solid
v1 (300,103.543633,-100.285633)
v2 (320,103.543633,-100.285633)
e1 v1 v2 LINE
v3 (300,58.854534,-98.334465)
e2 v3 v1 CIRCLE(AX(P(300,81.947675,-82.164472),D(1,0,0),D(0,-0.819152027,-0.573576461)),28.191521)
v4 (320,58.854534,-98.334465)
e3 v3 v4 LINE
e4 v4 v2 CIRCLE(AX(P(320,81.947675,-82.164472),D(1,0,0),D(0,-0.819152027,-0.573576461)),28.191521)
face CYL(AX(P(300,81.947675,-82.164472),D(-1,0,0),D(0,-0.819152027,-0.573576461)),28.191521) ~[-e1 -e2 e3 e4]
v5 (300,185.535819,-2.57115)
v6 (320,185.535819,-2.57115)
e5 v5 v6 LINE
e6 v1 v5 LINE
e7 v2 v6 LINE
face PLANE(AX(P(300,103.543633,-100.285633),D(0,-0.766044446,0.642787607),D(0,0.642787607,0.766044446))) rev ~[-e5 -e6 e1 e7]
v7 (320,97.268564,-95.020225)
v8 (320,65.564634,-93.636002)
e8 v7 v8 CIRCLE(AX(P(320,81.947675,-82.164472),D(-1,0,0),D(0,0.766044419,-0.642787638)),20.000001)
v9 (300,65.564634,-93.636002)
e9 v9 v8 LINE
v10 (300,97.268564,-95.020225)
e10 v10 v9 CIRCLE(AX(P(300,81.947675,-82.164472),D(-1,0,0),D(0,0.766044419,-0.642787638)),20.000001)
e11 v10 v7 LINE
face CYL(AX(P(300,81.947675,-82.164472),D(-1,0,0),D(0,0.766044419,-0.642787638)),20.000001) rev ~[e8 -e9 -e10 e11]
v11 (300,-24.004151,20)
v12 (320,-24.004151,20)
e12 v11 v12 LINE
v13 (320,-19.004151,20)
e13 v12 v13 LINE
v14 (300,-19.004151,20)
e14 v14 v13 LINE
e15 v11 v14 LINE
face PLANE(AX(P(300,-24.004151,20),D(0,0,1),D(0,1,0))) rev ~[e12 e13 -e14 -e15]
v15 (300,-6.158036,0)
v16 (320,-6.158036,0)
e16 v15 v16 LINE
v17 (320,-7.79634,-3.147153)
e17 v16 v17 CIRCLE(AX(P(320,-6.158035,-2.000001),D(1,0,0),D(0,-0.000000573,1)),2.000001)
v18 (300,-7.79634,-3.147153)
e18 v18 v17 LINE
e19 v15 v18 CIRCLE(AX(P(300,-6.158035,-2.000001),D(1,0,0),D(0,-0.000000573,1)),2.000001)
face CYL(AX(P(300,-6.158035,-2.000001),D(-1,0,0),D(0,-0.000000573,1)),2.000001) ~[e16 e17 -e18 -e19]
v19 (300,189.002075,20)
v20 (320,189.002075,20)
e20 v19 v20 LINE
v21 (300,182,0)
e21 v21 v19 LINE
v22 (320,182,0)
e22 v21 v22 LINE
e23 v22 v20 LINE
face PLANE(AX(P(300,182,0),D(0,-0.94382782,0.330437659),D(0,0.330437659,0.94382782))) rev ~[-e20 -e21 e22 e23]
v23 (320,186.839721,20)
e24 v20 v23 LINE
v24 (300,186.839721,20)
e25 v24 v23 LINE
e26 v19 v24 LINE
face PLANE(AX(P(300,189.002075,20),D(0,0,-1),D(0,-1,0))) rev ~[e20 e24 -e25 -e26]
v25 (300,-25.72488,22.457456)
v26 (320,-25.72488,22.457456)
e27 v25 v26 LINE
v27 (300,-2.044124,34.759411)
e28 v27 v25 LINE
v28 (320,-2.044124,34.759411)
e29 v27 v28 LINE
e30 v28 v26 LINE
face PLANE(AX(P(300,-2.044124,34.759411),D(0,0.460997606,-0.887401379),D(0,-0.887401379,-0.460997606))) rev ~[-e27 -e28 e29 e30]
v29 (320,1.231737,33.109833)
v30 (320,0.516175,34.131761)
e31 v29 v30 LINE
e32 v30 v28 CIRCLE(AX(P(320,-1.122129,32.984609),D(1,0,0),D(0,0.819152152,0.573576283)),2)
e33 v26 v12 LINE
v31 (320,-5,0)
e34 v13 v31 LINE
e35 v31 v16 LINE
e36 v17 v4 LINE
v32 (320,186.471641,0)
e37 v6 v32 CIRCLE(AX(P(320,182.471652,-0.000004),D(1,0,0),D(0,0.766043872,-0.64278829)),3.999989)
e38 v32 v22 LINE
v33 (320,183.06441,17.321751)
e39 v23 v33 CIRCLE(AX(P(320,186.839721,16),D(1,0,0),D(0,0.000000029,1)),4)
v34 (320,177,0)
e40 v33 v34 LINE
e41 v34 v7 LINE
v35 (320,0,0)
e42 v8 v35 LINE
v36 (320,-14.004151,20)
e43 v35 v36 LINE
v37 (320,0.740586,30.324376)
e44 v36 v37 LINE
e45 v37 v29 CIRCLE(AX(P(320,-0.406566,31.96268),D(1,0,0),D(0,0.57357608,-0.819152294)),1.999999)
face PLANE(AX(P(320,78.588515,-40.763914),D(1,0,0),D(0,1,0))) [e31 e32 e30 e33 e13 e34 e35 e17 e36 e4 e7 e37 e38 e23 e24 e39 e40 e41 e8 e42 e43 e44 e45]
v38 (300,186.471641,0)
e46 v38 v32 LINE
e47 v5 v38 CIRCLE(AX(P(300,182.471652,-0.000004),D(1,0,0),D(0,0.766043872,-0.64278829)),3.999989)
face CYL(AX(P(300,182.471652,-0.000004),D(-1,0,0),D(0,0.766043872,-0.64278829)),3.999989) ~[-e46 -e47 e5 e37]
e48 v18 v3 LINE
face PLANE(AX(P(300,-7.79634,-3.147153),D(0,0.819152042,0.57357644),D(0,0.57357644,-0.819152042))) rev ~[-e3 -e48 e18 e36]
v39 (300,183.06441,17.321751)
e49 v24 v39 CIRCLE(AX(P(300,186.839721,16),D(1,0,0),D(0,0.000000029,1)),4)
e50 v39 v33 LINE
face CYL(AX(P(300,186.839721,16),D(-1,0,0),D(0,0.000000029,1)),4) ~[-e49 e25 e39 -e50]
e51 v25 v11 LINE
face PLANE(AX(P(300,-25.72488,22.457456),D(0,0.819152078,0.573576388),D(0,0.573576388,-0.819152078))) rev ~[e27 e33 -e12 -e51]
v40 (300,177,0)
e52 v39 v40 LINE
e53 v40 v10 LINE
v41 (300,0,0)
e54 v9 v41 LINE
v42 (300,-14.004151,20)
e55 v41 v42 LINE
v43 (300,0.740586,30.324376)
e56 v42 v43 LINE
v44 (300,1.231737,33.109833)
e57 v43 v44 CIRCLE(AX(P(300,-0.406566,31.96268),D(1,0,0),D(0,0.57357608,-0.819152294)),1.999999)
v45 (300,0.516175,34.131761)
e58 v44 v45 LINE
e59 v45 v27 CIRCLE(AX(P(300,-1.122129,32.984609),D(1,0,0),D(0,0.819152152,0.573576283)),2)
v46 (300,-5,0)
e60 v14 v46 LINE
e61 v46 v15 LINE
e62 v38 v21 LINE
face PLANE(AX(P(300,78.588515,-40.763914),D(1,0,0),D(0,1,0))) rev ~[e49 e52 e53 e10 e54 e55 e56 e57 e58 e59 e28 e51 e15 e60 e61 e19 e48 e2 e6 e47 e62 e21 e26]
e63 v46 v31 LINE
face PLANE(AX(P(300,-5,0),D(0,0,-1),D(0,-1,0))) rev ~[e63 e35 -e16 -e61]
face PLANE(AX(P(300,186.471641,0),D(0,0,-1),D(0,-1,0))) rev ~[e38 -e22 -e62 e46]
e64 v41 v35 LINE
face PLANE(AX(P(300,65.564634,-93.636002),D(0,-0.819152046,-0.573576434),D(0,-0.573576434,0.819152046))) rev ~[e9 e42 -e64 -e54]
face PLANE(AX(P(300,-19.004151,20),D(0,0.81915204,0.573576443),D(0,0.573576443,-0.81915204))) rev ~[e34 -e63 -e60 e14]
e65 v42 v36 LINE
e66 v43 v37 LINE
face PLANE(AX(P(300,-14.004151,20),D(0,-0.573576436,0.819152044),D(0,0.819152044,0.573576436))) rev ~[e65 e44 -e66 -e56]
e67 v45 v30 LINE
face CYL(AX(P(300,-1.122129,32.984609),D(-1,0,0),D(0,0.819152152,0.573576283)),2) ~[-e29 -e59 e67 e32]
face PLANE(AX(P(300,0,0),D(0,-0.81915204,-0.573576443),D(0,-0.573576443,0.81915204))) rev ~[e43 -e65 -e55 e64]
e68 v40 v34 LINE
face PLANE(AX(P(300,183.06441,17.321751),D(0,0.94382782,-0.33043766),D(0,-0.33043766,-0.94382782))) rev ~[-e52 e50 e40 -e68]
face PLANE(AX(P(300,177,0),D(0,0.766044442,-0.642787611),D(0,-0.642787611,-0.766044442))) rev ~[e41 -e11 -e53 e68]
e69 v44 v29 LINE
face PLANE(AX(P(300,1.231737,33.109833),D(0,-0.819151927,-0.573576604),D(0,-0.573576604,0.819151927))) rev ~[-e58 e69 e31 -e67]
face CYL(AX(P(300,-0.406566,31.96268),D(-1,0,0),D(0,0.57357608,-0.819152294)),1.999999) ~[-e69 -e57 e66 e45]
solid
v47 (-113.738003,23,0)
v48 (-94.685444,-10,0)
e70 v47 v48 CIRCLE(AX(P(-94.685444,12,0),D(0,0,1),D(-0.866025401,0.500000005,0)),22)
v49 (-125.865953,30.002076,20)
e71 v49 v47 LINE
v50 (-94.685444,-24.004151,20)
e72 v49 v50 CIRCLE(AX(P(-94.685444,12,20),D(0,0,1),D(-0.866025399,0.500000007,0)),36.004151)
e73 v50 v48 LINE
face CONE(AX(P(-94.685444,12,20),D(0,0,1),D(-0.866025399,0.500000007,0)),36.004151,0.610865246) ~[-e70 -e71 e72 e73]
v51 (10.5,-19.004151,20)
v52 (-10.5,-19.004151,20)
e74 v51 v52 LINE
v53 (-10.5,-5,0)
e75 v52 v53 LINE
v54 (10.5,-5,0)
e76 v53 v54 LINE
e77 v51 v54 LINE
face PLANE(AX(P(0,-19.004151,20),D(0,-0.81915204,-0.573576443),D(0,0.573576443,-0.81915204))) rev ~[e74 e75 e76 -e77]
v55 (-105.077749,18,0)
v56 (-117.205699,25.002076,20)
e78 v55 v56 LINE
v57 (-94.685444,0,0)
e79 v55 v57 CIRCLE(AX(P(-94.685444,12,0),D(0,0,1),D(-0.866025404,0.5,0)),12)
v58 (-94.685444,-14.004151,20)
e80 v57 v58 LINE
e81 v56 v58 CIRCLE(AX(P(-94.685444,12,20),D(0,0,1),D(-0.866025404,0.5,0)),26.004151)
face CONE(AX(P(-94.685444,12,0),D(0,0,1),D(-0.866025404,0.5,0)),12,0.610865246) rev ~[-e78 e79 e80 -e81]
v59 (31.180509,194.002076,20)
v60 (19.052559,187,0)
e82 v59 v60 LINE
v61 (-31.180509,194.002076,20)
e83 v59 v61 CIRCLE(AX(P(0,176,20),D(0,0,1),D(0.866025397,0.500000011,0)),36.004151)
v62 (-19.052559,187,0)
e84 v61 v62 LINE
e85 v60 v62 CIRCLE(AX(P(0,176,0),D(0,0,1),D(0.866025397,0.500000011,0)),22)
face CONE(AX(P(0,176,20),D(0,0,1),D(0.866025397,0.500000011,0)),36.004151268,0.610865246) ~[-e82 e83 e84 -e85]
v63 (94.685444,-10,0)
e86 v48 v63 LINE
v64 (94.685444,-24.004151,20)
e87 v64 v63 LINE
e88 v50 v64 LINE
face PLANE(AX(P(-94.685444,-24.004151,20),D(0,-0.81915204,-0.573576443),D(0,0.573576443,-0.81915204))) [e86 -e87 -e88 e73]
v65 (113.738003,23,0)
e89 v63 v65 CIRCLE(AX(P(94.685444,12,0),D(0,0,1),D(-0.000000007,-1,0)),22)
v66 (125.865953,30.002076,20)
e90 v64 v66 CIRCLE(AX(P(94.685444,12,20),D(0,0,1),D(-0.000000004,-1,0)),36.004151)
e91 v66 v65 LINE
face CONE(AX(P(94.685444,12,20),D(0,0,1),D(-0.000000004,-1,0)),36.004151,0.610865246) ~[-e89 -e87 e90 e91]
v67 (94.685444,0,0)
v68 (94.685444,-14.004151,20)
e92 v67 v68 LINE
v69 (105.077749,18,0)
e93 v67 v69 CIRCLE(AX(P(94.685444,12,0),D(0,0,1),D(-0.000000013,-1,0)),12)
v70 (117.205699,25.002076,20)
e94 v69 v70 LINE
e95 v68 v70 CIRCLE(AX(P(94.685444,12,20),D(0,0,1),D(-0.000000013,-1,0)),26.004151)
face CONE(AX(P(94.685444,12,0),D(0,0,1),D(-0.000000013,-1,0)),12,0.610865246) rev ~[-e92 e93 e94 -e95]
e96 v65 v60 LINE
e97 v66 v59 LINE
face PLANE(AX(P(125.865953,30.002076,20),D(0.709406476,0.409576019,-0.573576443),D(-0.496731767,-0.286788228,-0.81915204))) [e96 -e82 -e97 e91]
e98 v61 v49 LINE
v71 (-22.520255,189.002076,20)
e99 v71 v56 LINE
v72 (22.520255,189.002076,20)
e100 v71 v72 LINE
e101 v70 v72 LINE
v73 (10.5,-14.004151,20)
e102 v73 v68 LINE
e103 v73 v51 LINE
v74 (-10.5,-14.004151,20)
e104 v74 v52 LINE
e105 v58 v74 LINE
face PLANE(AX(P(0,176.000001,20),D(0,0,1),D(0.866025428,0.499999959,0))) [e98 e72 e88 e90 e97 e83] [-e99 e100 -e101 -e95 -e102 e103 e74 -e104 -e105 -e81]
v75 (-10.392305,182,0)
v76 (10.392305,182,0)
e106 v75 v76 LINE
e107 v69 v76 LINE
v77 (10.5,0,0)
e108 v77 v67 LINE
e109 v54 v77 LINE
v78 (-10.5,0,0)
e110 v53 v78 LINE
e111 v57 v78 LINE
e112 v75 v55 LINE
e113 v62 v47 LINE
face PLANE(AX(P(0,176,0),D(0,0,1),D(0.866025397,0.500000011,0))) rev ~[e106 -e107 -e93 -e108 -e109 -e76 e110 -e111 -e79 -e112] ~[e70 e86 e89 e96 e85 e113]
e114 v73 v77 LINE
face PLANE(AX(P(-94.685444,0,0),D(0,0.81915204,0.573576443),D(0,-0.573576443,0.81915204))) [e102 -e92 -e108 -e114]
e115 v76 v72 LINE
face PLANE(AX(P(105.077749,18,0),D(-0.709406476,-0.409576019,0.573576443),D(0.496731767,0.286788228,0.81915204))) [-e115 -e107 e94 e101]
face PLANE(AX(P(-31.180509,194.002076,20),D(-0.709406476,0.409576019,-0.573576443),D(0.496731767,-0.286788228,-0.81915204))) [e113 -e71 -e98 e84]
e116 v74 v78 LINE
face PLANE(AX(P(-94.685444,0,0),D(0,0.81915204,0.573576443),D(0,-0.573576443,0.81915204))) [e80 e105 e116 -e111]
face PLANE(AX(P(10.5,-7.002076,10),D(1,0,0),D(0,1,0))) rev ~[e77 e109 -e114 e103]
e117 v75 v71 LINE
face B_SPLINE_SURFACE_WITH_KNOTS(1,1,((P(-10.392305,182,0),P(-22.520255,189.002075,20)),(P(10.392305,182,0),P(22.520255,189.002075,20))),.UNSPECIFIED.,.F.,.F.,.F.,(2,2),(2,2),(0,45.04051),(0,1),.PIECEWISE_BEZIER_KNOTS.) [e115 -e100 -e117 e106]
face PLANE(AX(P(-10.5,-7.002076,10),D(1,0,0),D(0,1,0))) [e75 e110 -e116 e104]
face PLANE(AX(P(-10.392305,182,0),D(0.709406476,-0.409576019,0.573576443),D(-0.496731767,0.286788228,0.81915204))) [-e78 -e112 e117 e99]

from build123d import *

# Parameters (mm, degrees)
F7_DEPTH = 20
F9_DEPTH = 10.5


with BuildPart() as f2:
    # F2: sweep along a path in F0
    with BuildLine(Plane.XY) as f2_path:
        Line((-94.685444, 0), (94.685444, 0))
        ThreePointArc((94.685444, 0), (105.077749, 6), (105.077749, 18))
        Line((105.077749, 18), (10.392305, 182))
        ThreePointArc((10.392305, 182), (0, 188), (-10.392305, 182))
        Line((-10.392305, 182), (-105.077749, 18))
        ThreePointArc((-105.077749, 18), (-105.077749, 6), (-94.685444, 0))
    # F1 (on Right) → F2 (sweep)
    with BuildSketch(Plane.YZ):
        Polygon((-10, 0), (0, 0), (-14.004151, 20), (-24.004151, 20), align=None)
    sweep(path=f2_path.line)

    # F0 (on Top) → F4 section 0
    with BuildSketch(Plane.XY):
        with BuildLine():
            ThreePointArc((10.392305, 182), (0, 188), (-10.392305, 182))
            Line((-10.392305, 182), (10.392305, 182))
        make_face()
    # F3 (on face) → F4 section 1
    with BuildSketch(Plane.XY.offset(20)):
        with BuildLine():
            Line((-22.520255, 189.002075), (22.520255, 189.002075))
            ThreePointArc((22.520255, 189.002075), (0, 202.004151), (-22.520255, 189.002075))
        make_face()
    loft()

    # F8 (on Right) → F9 (cut, symmetric)
    with BuildSketch(Plane.YZ):
        Polygon((-19.004151, 20), (-5, 0), (5, 0), (-9.004151, 20), align=None)
    extrude(amount=F9_DEPTH, both=True, mode=Mode.SUBTRACT)


with BuildPart() as f7:
    # F6 (on offset) → F7 (new body)
    with BuildSketch(Plane.YZ.offset(300)):
        with BuildLine():
            Line((186.471641, 0), (182, 0))
            Line((182, 0), (189.002075, 20))
            Line((189.002075, 20), (186.839721, 20))
            ThreePointArc((186.839721, 20), (184.52531, 19.262438), (183.06441, 17.321751))
            Line((183.06441, 17.321751), (177, 0))
            Line((177, 0), (97.268564, -95.020225))
            ThreePointArc((97.268564, -95.020225), (81.075287, -102.145437), (65.564634, -93.636002))
            Line((65.564634, -93.636002), (0, 0))
            Line((0, 0), (-14.004151, 20))
            Line((-14.004151, 20), (0.740586, 30.324376))
            ThreePointArc((0.740586, 30.324376), (1.563049, 31.615384), (1.231737, 33.109833))
            Line((1.231737, 33.109833), (0.516175, 34.131761))
            ThreePointArc((0.516175, 34.131761), (-0.645935, 34.927091), (-2.044124, 34.759411))
            Line((-2.044124, 34.759411), (-25.72488, 22.457456))
            Line((-25.72488, 22.457456), (-24.004151, 20))
            Line((-24.004151, 20), (-19.004151, 20))
            Line((-19.004151, 20), (-5, 0))
            Line((-5, 0), (-6.158036, 0))
            ThreePointArc((-6.158036, 0), (-7.932057, -1.076503), (-7.79634, -3.147153))
            Line((-7.79634, -3.147153), (58.854534, -98.334465))
            ThreePointArc((58.854534, -98.334465), (80.717978, -110.329161), (103.543633, -100.285633))
            Line((103.543633, -100.285633), (185.535819, -2.57115))
            ThreePointArc((185.535819, -2.57115), (186.230412, -1.368081), (186.471641, 0))
        make_face()
    extrude(amount=F7_DEPTH)


solid = Compound([f2.part, f7.part])
